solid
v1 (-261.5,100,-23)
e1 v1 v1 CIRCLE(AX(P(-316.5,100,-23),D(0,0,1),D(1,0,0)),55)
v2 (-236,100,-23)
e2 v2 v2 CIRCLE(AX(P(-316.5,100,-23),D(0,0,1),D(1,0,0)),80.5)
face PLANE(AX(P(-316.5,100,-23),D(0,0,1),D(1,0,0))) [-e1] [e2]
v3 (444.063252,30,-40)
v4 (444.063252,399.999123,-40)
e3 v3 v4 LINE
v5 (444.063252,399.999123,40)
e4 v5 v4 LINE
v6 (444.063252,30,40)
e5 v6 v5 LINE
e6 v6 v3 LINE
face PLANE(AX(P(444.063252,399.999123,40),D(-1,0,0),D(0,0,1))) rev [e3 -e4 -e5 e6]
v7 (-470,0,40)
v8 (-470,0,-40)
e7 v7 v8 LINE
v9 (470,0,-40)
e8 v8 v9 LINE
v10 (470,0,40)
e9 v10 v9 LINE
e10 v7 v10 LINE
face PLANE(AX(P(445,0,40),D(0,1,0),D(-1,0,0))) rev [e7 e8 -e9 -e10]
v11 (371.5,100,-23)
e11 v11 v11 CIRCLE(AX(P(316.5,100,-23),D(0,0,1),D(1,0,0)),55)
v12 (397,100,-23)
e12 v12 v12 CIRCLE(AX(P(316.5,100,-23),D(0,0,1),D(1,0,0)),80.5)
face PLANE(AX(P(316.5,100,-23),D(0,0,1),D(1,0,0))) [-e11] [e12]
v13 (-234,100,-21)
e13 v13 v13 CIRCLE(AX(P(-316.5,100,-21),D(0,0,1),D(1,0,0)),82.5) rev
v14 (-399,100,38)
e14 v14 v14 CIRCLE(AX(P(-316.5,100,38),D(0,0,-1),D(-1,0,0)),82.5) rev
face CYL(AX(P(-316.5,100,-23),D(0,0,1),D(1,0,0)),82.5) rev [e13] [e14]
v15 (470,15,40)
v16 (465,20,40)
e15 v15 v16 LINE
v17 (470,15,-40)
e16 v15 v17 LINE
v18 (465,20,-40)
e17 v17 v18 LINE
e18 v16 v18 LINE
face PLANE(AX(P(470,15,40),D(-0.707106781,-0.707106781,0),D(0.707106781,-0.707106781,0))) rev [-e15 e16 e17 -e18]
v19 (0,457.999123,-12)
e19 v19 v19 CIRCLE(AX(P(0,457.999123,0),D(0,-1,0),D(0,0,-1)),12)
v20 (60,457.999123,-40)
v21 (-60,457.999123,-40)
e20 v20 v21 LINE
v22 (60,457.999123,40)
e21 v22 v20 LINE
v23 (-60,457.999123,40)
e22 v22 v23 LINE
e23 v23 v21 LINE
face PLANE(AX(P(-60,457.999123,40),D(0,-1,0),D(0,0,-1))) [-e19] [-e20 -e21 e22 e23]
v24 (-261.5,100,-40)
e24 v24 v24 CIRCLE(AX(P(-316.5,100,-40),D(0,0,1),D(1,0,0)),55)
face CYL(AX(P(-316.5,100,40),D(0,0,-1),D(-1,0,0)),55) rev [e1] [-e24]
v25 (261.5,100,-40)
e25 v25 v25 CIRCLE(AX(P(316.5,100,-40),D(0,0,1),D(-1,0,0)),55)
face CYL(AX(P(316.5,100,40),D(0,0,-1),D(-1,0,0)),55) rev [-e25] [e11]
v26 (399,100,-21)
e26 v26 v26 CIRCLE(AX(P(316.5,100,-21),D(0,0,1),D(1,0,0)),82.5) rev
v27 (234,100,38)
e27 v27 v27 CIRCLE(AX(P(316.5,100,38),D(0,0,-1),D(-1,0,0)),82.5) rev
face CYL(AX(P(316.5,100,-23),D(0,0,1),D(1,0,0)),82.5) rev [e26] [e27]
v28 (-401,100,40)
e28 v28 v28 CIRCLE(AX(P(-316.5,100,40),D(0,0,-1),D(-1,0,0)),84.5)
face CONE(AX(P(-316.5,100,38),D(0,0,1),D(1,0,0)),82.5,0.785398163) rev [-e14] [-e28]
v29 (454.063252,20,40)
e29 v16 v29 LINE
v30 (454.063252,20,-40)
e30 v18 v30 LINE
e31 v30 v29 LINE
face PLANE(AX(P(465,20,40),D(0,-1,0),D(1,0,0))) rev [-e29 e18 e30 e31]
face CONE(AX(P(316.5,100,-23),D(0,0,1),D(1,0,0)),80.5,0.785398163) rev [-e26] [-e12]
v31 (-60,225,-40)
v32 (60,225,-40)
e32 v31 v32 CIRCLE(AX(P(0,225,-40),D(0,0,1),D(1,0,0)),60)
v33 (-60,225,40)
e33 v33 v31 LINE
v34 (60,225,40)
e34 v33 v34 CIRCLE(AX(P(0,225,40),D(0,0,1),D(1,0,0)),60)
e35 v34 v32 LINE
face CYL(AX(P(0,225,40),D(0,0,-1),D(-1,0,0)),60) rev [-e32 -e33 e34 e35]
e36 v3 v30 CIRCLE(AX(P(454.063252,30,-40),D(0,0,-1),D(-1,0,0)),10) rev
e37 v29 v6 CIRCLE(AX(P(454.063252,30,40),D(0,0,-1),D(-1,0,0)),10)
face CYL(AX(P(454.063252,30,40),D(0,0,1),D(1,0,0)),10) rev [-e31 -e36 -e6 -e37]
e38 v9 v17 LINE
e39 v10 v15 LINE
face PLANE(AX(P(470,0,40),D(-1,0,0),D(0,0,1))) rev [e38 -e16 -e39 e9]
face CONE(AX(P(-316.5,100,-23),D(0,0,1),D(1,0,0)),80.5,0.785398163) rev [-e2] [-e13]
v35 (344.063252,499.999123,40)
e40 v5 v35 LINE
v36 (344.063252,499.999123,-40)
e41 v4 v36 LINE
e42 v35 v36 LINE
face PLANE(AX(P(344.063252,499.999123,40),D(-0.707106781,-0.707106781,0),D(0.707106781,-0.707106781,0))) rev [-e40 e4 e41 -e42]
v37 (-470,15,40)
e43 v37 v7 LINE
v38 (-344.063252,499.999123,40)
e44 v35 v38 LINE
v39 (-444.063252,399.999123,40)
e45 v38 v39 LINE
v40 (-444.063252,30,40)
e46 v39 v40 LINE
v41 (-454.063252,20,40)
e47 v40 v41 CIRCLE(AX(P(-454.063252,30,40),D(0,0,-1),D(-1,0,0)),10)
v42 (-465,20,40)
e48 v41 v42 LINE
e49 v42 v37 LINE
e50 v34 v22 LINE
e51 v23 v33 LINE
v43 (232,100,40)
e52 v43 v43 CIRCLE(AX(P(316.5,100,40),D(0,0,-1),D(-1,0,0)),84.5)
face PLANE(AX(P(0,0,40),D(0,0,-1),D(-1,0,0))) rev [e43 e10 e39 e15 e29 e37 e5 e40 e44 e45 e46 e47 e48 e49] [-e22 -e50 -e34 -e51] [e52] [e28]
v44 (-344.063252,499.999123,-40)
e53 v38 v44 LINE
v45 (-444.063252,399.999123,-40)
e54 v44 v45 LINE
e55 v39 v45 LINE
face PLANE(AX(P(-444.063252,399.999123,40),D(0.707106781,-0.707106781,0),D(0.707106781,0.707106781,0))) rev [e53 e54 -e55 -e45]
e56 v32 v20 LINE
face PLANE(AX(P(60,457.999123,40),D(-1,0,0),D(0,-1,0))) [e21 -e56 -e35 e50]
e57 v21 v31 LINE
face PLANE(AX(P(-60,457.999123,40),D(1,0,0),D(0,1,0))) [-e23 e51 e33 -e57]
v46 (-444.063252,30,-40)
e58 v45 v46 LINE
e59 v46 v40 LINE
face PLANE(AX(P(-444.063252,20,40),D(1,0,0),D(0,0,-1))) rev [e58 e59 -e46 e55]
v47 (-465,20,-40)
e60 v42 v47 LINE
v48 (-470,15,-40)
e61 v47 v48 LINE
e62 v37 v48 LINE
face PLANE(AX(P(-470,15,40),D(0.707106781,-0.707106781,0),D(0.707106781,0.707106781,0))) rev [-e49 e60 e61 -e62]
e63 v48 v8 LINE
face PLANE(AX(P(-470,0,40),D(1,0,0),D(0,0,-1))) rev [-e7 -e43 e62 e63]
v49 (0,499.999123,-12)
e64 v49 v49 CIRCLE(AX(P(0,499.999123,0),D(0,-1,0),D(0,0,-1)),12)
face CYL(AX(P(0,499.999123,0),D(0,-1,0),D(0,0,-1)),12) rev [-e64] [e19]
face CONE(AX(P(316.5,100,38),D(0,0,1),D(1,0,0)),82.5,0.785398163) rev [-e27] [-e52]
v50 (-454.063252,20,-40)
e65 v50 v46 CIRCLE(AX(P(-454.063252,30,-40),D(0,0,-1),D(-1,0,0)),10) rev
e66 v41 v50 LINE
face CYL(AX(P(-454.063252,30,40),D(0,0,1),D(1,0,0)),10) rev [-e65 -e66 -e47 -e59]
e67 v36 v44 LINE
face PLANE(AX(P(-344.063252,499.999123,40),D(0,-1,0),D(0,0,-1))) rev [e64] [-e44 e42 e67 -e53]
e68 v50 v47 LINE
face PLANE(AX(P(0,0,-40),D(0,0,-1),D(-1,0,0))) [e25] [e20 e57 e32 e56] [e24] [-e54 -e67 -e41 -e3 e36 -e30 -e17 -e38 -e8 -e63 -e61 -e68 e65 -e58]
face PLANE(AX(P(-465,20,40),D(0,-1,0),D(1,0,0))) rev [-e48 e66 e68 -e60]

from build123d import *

# Parameters (mm, degrees)
SKETCH1_R           = 55
BOSS_EXTRUDE1_DEPTH = 40
FILLET1_R           = 10
SKETCH2_R           = 12
CUT_EXTRUDE1_DEPTH  = 658.467258663
SKETCH3_R           = 82.5
SKETCH3_R_2         = 55
CUT_EXTRUDE2_DEPTH  = 63
CHAMFER1_SIZE       = 2


with BuildPart() as part:
    # Sketch1 → Boss-Extrude1 (new, symmetric)
    with BuildSketch(Plane.XY):
        Polygon((-445, 0), (445, 0), (470, 0), (470, 15), (465, 20), (444.063252294, 20), (444.063252294, 399.999122503), (344.063252294, 499.999122503), (-344.063252294, 499.999122503), (-444.063252294, 399.999122503), (-444.063252294, 20), (-465, 20), (-470, 15), (-470, 0), align=None)
        with Locations((-316.5, 100)):
            Circle(SKETCH1_R, mode=Mode.SUBTRACT)
        with Locations(Location((316.5, 100, 0), (0, 0, 180))):
            Circle(SKETCH1_R, mode=Mode.SUBTRACT)
        with BuildLine():
            Line((-60, 457.999122503), (60, 457.999122503))
            Line((60, 457.999122503), (60, 225))
            ThreePointArc((60, 225), (0, 165), (-60, 225))
            Line((-60, 225), (-60, 457.999122503))
        make_face(mode=Mode.SUBTRACT)
    extrude(amount=BOSS_EXTRUDE1_DEPTH, both=True)

    # Fillet1
    fillet1_edges = [part.edges().sort_by_distance(p)[0] for p in [
        (444.063252294, 20, 0),
        (-444.063252294, 20, 0),
    ]]
    fillet(fillet1_edges, radius=FILLET1_R)

    # Sketch2 → Cut-Extrude1 (cut, through all)
    with BuildSketch(Plane.XZ.offset(-457.999122503)):
        with Locations(Location((0, 0, 0), (0, 0, 270))):
            Circle(SKETCH2_R)
    extrude(amount=-CUT_EXTRUDE1_DEPTH, mode=Mode.SUBTRACT)

    # Sketch3 → Cut-Extrude2 (cut)
    # profile 1 of 2: a face of its own
    with BuildSketch(Plane.XY.offset(40)):
        with Locations((-316.5, 100)):
            Circle(SKETCH3_R)
        with Locations((-316.5, 100)):
            Circle(SKETCH3_R_2, mode=Mode.SUBTRACT)
    # profile 2 of 2: a face of its own
    with BuildSketch(Plane.XY.offset(40)):
        with Locations((316.5, 100)):
            Circle(SKETCH3_R)
        with Locations(Location((316.5, 100, 0), (0, 0, 180))):
            Circle(SKETCH3_R_2, mode=Mode.SUBTRACT)
    extrude(amount=-CUT_EXTRUDE2_DEPTH, mode=Mode.SUBTRACT)

    # Chamfer1
    chamfer1_edges = [part.edges().sort_by_distance(p)[0] for p in [
        (-399, 100, -23),
        (-399, 100, 40),
        (234, 100, -23),
        (234, 100, 40),
    ]]
    chamfer(chamfer1_edges, length=CHAMFER1_SIZE)


solid = part.part
